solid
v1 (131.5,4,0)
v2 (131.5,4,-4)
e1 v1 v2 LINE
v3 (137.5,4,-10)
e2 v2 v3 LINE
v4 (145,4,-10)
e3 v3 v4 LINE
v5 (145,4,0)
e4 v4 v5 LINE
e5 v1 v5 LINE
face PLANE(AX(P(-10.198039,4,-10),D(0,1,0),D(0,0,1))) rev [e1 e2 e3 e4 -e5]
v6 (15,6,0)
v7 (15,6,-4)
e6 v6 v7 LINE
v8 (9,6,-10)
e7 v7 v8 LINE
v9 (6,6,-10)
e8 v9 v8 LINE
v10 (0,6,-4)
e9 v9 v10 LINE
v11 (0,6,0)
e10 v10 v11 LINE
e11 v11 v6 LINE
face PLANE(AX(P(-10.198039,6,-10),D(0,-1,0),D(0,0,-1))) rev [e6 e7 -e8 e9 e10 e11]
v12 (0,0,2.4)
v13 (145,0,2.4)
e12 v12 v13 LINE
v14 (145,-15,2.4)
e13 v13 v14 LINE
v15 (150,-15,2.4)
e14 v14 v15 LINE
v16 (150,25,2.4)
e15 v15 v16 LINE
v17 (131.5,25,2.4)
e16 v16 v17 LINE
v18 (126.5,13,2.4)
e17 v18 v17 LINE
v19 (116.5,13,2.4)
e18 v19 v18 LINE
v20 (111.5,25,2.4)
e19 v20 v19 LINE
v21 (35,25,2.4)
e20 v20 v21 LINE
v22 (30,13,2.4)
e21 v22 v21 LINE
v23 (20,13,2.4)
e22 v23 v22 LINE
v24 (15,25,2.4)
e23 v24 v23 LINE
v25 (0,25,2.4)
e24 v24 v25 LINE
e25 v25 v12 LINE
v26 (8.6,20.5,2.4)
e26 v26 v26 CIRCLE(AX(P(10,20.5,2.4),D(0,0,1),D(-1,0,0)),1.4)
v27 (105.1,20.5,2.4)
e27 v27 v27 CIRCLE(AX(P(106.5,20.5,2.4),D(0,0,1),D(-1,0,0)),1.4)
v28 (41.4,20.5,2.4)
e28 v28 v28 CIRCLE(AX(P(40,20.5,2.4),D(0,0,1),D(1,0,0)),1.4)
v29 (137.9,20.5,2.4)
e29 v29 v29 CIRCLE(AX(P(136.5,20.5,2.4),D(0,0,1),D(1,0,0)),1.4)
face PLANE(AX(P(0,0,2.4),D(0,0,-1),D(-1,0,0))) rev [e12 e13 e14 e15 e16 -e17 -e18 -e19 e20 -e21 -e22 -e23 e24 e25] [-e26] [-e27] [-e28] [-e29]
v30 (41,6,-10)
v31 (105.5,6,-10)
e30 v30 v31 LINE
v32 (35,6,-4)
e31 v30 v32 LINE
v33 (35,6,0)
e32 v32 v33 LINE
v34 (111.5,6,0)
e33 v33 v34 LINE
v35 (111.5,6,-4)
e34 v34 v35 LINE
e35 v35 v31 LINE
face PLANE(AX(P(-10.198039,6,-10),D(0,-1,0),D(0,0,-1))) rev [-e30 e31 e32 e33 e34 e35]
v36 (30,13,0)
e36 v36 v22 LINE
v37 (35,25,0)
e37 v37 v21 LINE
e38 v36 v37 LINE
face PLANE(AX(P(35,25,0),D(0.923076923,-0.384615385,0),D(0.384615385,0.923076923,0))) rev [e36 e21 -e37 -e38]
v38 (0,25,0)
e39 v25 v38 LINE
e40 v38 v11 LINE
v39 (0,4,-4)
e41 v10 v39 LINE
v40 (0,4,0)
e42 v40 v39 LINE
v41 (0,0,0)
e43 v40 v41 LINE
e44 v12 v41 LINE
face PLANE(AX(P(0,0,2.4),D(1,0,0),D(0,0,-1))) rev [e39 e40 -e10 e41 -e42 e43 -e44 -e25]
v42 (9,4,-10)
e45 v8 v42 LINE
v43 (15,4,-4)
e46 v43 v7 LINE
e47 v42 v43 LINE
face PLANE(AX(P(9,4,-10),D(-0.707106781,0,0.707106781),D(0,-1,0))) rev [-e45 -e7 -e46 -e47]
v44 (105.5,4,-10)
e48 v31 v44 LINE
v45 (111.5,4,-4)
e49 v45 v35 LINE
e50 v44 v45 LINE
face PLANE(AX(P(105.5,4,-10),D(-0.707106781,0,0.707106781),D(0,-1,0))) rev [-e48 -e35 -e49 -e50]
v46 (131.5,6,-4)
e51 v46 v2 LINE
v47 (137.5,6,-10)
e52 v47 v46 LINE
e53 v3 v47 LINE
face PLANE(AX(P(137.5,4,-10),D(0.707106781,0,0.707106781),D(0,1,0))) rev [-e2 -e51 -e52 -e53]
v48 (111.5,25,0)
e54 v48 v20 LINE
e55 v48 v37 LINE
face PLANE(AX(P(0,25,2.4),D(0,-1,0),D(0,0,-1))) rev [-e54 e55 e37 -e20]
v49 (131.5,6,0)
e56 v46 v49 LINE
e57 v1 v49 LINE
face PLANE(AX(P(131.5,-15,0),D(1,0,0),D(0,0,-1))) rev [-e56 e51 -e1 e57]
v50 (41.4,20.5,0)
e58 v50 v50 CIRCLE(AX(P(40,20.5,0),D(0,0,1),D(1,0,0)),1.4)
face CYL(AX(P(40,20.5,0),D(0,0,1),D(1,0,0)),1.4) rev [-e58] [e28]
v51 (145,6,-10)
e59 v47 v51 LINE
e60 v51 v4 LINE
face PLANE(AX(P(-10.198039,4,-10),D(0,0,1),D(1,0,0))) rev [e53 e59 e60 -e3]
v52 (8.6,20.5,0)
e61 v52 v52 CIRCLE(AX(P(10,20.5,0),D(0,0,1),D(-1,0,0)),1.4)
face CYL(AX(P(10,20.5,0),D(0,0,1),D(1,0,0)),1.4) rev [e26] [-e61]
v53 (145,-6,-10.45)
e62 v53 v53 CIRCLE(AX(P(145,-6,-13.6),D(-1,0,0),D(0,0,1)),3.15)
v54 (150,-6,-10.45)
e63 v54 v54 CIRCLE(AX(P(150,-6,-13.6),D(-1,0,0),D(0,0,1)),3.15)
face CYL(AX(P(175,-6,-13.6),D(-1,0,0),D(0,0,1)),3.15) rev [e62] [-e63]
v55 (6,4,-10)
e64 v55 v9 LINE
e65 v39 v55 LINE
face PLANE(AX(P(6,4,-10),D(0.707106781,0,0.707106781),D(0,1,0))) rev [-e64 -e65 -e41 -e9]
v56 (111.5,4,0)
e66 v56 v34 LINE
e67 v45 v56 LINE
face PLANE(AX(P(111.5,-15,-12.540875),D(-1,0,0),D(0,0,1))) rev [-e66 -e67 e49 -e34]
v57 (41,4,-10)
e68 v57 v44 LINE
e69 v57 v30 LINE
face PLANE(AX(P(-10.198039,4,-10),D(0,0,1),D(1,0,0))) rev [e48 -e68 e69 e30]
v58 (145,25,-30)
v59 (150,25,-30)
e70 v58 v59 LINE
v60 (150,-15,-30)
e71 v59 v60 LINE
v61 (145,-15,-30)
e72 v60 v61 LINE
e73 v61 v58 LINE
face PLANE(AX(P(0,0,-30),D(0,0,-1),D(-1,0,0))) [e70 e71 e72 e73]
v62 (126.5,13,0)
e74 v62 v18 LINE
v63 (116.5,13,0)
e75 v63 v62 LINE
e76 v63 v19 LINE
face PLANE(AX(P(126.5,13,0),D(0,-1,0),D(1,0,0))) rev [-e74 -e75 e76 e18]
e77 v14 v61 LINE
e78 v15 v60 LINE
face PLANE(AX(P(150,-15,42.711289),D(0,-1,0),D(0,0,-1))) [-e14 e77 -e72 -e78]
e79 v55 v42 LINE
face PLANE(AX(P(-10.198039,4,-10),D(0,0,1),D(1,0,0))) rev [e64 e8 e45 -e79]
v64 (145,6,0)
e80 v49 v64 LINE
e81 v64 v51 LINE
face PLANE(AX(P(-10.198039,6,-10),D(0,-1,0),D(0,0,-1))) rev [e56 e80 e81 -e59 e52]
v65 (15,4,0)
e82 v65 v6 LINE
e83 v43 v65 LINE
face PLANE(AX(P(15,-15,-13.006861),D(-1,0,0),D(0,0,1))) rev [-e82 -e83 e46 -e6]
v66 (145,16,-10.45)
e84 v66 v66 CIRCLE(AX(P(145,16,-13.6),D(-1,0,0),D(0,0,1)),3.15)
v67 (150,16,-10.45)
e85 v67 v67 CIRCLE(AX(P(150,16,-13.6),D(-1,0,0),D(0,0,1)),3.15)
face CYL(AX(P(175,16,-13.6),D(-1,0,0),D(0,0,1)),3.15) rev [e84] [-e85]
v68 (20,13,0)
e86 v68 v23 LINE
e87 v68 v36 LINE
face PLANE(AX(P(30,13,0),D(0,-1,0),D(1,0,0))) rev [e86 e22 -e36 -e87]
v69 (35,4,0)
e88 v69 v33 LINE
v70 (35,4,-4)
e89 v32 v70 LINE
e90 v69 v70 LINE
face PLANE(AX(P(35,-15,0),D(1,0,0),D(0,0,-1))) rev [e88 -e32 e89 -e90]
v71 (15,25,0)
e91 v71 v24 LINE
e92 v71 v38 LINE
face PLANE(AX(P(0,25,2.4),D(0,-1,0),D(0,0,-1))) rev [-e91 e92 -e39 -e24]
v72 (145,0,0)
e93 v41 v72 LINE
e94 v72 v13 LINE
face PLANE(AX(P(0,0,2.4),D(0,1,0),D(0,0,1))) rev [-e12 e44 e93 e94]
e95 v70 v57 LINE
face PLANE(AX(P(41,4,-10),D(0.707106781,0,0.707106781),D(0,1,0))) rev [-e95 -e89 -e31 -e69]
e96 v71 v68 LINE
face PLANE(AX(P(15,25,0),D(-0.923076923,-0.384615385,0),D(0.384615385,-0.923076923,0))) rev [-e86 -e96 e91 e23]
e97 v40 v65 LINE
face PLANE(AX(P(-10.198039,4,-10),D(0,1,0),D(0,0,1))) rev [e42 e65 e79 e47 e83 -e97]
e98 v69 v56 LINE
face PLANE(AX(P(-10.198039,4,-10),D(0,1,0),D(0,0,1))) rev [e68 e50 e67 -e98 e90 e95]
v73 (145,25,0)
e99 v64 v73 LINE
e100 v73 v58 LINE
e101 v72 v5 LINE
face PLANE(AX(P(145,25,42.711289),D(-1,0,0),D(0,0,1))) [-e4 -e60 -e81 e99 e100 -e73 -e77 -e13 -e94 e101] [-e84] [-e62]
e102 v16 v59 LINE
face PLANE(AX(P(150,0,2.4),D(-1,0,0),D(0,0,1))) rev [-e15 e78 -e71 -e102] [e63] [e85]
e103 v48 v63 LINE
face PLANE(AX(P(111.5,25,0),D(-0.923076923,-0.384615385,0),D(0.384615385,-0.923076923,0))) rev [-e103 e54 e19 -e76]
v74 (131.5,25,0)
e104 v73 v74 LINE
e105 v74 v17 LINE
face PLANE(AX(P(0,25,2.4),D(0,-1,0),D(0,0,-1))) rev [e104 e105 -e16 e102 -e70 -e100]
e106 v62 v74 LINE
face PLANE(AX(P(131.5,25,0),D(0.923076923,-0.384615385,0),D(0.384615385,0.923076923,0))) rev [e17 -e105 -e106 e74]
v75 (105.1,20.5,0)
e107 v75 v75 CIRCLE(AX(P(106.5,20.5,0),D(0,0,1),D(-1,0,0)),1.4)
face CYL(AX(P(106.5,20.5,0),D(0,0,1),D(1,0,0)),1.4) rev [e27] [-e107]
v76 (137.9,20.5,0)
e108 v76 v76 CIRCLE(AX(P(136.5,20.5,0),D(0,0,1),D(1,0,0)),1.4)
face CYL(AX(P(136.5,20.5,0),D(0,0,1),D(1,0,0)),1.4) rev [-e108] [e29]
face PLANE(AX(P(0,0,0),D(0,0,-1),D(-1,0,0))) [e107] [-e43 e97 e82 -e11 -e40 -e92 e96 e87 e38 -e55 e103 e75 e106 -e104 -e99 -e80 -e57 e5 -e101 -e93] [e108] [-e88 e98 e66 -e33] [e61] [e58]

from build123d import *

# Parameters (mm, degrees)
SKETCH1_W                       = 150
SKETCH1_H                       = 25
BOSS_EXTRUDE1_DEPTH             = 2.4
SKETCH2_R                       = 1.4
CUT_EXTRUDE1_DEPTH              = 153.088000842
SKETCH3_W                       = 5
SKETCH3_H                       = 40
BOSS_EXTRUDE2_DEPTH             = 30
BOSS_EXTRUDE2_DIRECTION_2_REACH = 154.088
SKETCH4_R                       = 3.15
CUT_EXTRUDE2_DEPTH              = 30
SKETCH8_W                       = 10
SKETCH8_H                       = 2
BOSS_EXTRUDE4_DEPTH             = 145
SKETCH9_W                       = 20
SKETCH9_H                       = 12.540874848
SKETCH9_H_2                     = 13.006860614
CUT_EXTRUDE4_DEPTH              = 159.113883008
CHAMFER5_SIZE                   = 6


with BuildPart() as part:
    # Sketch1 → Boss-Extrude1 (new body)
    with BuildSketch(Plane.XY):
        with Locations((75, 12.5)):
            Rectangle(SKETCH1_W, SKETCH1_H)
    extrude(amount=BOSS_EXTRUDE1_DEPTH)

    # Sketch2 → Cut-Extrude1 (cut, through all)
    with BuildSketch(Plane.XY.offset(2.4)):
        with Locations((40, 20.5)):
            Circle(SKETCH2_R)
        with Locations(Location((10, 20.5, 0), (0, 0, 180))):
            Circle(SKETCH2_R)
        with Locations(Location((106.5, 20.5, 0), (0, 0, 180))):
            Circle(SKETCH2_R)
        with Locations((136.5, 20.5)):
            Circle(SKETCH2_R)
        Polygon((131.5, 25), (126.5, 13), (116.5, 13), (111.5, 25), align=None)
        Polygon((35, 25), (30, 13), (20, 13), (15, 25), align=None)
    extrude(amount=-CUT_EXTRUDE1_DEPTH, mode=Mode.SUBTRACT)

    # Sketch3 → Boss-Extrude2 (add)
    with BuildSketch(Plane(origin=(0, 0, 0), x_dir=(-1, 0, 0), z_dir=(0, 0, -1))):
        with Locations((-147.5, 5)):
            Rectangle(SKETCH3_W, SKETCH3_H)
    extrude(amount=BOSS_EXTRUDE2_DEPTH)

    # Boss-Extrude2 direction 2: up to this face of the body (flat: up to its plane)
    boss_extrude2_direction_2_end = Plane(part.part.faces().sort_by_distance((75.200008519, 11.67481859, 2.4))[0])
    # Sketch3 → Boss-Extrude2 direction 2 (add, up to the picked face)
    with BuildSketch(Plane(origin=(0, 0, 0), x_dir=(-1, 0, 0), z_dir=(0, 0, -1)), mode=Mode.PRIVATE) as boss_extrude2_direction_2_sk1:
        with Locations((-147.5, 5)):
            Rectangle(SKETCH3_W, SKETCH3_H)
    boss_extrude2_direction_2_tool1 = split(extrude(boss_extrude2_direction_2_sk1.sketch, amount=-BOSS_EXTRUDE2_DIRECTION_2_REACH, mode=Mode.PRIVATE), bisect_by=boss_extrude2_direction_2_end, keep=Keep.BOTH, mode=Mode.PRIVATE)
    add(boss_extrude2_direction_2_tool1.solids().sort_by(Axis((147.5, 5, 0), (0, 0, 1)))[0])

    # Sketch4 → Cut-Extrude2 (cut)
    with BuildSketch(Plane.ZY.offset(-145)):
        with Locations((-13.6, 16)):
            Circle(SKETCH4_R)
        with Locations((-13.6, -6)):
            Circle(SKETCH4_R)
    extrude(amount=-CUT_EXTRUDE2_DEPTH, mode=Mode.SUBTRACT)

    # Sketch8 → Boss-Extrude4 (add)
    with BuildSketch(Plane.ZY.offset(-145)):
        with Locations((-5, 5)):
            Rectangle(SKETCH8_W, SKETCH8_H)
    extrude(amount=BOSS_EXTRUDE4_DEPTH)

    # Sketch9 → Cut-Extrude4 (cut, through all)
    with BuildSketch(Plane(origin=(0, 25, 0), x_dir=(1, 0, 0), z_dir=(0, 1, 0))):
        with Locations((121.5, 6.270437424)):
            Rectangle(SKETCH9_W, SKETCH9_H)
        with Locations((25, 6.503430307)):
            Rectangle(SKETCH9_W, SKETCH9_H_2)
    extrude(amount=-CUT_EXTRUDE4_DEPTH, mode=Mode.SUBTRACT)

    # Chamfer5
    chamfer5_edges = [part.edges().sort_by_distance(p)[0] for p in [
        (111.5, 5, -10),
        (131.5, 5, -10),
        (15, 5, -10),
        (35, 5, -10),
        (0, 5, -10),
    ]]
    chamfer(chamfer5_edges, length=CHAMFER5_SIZE)


solid = part.part
